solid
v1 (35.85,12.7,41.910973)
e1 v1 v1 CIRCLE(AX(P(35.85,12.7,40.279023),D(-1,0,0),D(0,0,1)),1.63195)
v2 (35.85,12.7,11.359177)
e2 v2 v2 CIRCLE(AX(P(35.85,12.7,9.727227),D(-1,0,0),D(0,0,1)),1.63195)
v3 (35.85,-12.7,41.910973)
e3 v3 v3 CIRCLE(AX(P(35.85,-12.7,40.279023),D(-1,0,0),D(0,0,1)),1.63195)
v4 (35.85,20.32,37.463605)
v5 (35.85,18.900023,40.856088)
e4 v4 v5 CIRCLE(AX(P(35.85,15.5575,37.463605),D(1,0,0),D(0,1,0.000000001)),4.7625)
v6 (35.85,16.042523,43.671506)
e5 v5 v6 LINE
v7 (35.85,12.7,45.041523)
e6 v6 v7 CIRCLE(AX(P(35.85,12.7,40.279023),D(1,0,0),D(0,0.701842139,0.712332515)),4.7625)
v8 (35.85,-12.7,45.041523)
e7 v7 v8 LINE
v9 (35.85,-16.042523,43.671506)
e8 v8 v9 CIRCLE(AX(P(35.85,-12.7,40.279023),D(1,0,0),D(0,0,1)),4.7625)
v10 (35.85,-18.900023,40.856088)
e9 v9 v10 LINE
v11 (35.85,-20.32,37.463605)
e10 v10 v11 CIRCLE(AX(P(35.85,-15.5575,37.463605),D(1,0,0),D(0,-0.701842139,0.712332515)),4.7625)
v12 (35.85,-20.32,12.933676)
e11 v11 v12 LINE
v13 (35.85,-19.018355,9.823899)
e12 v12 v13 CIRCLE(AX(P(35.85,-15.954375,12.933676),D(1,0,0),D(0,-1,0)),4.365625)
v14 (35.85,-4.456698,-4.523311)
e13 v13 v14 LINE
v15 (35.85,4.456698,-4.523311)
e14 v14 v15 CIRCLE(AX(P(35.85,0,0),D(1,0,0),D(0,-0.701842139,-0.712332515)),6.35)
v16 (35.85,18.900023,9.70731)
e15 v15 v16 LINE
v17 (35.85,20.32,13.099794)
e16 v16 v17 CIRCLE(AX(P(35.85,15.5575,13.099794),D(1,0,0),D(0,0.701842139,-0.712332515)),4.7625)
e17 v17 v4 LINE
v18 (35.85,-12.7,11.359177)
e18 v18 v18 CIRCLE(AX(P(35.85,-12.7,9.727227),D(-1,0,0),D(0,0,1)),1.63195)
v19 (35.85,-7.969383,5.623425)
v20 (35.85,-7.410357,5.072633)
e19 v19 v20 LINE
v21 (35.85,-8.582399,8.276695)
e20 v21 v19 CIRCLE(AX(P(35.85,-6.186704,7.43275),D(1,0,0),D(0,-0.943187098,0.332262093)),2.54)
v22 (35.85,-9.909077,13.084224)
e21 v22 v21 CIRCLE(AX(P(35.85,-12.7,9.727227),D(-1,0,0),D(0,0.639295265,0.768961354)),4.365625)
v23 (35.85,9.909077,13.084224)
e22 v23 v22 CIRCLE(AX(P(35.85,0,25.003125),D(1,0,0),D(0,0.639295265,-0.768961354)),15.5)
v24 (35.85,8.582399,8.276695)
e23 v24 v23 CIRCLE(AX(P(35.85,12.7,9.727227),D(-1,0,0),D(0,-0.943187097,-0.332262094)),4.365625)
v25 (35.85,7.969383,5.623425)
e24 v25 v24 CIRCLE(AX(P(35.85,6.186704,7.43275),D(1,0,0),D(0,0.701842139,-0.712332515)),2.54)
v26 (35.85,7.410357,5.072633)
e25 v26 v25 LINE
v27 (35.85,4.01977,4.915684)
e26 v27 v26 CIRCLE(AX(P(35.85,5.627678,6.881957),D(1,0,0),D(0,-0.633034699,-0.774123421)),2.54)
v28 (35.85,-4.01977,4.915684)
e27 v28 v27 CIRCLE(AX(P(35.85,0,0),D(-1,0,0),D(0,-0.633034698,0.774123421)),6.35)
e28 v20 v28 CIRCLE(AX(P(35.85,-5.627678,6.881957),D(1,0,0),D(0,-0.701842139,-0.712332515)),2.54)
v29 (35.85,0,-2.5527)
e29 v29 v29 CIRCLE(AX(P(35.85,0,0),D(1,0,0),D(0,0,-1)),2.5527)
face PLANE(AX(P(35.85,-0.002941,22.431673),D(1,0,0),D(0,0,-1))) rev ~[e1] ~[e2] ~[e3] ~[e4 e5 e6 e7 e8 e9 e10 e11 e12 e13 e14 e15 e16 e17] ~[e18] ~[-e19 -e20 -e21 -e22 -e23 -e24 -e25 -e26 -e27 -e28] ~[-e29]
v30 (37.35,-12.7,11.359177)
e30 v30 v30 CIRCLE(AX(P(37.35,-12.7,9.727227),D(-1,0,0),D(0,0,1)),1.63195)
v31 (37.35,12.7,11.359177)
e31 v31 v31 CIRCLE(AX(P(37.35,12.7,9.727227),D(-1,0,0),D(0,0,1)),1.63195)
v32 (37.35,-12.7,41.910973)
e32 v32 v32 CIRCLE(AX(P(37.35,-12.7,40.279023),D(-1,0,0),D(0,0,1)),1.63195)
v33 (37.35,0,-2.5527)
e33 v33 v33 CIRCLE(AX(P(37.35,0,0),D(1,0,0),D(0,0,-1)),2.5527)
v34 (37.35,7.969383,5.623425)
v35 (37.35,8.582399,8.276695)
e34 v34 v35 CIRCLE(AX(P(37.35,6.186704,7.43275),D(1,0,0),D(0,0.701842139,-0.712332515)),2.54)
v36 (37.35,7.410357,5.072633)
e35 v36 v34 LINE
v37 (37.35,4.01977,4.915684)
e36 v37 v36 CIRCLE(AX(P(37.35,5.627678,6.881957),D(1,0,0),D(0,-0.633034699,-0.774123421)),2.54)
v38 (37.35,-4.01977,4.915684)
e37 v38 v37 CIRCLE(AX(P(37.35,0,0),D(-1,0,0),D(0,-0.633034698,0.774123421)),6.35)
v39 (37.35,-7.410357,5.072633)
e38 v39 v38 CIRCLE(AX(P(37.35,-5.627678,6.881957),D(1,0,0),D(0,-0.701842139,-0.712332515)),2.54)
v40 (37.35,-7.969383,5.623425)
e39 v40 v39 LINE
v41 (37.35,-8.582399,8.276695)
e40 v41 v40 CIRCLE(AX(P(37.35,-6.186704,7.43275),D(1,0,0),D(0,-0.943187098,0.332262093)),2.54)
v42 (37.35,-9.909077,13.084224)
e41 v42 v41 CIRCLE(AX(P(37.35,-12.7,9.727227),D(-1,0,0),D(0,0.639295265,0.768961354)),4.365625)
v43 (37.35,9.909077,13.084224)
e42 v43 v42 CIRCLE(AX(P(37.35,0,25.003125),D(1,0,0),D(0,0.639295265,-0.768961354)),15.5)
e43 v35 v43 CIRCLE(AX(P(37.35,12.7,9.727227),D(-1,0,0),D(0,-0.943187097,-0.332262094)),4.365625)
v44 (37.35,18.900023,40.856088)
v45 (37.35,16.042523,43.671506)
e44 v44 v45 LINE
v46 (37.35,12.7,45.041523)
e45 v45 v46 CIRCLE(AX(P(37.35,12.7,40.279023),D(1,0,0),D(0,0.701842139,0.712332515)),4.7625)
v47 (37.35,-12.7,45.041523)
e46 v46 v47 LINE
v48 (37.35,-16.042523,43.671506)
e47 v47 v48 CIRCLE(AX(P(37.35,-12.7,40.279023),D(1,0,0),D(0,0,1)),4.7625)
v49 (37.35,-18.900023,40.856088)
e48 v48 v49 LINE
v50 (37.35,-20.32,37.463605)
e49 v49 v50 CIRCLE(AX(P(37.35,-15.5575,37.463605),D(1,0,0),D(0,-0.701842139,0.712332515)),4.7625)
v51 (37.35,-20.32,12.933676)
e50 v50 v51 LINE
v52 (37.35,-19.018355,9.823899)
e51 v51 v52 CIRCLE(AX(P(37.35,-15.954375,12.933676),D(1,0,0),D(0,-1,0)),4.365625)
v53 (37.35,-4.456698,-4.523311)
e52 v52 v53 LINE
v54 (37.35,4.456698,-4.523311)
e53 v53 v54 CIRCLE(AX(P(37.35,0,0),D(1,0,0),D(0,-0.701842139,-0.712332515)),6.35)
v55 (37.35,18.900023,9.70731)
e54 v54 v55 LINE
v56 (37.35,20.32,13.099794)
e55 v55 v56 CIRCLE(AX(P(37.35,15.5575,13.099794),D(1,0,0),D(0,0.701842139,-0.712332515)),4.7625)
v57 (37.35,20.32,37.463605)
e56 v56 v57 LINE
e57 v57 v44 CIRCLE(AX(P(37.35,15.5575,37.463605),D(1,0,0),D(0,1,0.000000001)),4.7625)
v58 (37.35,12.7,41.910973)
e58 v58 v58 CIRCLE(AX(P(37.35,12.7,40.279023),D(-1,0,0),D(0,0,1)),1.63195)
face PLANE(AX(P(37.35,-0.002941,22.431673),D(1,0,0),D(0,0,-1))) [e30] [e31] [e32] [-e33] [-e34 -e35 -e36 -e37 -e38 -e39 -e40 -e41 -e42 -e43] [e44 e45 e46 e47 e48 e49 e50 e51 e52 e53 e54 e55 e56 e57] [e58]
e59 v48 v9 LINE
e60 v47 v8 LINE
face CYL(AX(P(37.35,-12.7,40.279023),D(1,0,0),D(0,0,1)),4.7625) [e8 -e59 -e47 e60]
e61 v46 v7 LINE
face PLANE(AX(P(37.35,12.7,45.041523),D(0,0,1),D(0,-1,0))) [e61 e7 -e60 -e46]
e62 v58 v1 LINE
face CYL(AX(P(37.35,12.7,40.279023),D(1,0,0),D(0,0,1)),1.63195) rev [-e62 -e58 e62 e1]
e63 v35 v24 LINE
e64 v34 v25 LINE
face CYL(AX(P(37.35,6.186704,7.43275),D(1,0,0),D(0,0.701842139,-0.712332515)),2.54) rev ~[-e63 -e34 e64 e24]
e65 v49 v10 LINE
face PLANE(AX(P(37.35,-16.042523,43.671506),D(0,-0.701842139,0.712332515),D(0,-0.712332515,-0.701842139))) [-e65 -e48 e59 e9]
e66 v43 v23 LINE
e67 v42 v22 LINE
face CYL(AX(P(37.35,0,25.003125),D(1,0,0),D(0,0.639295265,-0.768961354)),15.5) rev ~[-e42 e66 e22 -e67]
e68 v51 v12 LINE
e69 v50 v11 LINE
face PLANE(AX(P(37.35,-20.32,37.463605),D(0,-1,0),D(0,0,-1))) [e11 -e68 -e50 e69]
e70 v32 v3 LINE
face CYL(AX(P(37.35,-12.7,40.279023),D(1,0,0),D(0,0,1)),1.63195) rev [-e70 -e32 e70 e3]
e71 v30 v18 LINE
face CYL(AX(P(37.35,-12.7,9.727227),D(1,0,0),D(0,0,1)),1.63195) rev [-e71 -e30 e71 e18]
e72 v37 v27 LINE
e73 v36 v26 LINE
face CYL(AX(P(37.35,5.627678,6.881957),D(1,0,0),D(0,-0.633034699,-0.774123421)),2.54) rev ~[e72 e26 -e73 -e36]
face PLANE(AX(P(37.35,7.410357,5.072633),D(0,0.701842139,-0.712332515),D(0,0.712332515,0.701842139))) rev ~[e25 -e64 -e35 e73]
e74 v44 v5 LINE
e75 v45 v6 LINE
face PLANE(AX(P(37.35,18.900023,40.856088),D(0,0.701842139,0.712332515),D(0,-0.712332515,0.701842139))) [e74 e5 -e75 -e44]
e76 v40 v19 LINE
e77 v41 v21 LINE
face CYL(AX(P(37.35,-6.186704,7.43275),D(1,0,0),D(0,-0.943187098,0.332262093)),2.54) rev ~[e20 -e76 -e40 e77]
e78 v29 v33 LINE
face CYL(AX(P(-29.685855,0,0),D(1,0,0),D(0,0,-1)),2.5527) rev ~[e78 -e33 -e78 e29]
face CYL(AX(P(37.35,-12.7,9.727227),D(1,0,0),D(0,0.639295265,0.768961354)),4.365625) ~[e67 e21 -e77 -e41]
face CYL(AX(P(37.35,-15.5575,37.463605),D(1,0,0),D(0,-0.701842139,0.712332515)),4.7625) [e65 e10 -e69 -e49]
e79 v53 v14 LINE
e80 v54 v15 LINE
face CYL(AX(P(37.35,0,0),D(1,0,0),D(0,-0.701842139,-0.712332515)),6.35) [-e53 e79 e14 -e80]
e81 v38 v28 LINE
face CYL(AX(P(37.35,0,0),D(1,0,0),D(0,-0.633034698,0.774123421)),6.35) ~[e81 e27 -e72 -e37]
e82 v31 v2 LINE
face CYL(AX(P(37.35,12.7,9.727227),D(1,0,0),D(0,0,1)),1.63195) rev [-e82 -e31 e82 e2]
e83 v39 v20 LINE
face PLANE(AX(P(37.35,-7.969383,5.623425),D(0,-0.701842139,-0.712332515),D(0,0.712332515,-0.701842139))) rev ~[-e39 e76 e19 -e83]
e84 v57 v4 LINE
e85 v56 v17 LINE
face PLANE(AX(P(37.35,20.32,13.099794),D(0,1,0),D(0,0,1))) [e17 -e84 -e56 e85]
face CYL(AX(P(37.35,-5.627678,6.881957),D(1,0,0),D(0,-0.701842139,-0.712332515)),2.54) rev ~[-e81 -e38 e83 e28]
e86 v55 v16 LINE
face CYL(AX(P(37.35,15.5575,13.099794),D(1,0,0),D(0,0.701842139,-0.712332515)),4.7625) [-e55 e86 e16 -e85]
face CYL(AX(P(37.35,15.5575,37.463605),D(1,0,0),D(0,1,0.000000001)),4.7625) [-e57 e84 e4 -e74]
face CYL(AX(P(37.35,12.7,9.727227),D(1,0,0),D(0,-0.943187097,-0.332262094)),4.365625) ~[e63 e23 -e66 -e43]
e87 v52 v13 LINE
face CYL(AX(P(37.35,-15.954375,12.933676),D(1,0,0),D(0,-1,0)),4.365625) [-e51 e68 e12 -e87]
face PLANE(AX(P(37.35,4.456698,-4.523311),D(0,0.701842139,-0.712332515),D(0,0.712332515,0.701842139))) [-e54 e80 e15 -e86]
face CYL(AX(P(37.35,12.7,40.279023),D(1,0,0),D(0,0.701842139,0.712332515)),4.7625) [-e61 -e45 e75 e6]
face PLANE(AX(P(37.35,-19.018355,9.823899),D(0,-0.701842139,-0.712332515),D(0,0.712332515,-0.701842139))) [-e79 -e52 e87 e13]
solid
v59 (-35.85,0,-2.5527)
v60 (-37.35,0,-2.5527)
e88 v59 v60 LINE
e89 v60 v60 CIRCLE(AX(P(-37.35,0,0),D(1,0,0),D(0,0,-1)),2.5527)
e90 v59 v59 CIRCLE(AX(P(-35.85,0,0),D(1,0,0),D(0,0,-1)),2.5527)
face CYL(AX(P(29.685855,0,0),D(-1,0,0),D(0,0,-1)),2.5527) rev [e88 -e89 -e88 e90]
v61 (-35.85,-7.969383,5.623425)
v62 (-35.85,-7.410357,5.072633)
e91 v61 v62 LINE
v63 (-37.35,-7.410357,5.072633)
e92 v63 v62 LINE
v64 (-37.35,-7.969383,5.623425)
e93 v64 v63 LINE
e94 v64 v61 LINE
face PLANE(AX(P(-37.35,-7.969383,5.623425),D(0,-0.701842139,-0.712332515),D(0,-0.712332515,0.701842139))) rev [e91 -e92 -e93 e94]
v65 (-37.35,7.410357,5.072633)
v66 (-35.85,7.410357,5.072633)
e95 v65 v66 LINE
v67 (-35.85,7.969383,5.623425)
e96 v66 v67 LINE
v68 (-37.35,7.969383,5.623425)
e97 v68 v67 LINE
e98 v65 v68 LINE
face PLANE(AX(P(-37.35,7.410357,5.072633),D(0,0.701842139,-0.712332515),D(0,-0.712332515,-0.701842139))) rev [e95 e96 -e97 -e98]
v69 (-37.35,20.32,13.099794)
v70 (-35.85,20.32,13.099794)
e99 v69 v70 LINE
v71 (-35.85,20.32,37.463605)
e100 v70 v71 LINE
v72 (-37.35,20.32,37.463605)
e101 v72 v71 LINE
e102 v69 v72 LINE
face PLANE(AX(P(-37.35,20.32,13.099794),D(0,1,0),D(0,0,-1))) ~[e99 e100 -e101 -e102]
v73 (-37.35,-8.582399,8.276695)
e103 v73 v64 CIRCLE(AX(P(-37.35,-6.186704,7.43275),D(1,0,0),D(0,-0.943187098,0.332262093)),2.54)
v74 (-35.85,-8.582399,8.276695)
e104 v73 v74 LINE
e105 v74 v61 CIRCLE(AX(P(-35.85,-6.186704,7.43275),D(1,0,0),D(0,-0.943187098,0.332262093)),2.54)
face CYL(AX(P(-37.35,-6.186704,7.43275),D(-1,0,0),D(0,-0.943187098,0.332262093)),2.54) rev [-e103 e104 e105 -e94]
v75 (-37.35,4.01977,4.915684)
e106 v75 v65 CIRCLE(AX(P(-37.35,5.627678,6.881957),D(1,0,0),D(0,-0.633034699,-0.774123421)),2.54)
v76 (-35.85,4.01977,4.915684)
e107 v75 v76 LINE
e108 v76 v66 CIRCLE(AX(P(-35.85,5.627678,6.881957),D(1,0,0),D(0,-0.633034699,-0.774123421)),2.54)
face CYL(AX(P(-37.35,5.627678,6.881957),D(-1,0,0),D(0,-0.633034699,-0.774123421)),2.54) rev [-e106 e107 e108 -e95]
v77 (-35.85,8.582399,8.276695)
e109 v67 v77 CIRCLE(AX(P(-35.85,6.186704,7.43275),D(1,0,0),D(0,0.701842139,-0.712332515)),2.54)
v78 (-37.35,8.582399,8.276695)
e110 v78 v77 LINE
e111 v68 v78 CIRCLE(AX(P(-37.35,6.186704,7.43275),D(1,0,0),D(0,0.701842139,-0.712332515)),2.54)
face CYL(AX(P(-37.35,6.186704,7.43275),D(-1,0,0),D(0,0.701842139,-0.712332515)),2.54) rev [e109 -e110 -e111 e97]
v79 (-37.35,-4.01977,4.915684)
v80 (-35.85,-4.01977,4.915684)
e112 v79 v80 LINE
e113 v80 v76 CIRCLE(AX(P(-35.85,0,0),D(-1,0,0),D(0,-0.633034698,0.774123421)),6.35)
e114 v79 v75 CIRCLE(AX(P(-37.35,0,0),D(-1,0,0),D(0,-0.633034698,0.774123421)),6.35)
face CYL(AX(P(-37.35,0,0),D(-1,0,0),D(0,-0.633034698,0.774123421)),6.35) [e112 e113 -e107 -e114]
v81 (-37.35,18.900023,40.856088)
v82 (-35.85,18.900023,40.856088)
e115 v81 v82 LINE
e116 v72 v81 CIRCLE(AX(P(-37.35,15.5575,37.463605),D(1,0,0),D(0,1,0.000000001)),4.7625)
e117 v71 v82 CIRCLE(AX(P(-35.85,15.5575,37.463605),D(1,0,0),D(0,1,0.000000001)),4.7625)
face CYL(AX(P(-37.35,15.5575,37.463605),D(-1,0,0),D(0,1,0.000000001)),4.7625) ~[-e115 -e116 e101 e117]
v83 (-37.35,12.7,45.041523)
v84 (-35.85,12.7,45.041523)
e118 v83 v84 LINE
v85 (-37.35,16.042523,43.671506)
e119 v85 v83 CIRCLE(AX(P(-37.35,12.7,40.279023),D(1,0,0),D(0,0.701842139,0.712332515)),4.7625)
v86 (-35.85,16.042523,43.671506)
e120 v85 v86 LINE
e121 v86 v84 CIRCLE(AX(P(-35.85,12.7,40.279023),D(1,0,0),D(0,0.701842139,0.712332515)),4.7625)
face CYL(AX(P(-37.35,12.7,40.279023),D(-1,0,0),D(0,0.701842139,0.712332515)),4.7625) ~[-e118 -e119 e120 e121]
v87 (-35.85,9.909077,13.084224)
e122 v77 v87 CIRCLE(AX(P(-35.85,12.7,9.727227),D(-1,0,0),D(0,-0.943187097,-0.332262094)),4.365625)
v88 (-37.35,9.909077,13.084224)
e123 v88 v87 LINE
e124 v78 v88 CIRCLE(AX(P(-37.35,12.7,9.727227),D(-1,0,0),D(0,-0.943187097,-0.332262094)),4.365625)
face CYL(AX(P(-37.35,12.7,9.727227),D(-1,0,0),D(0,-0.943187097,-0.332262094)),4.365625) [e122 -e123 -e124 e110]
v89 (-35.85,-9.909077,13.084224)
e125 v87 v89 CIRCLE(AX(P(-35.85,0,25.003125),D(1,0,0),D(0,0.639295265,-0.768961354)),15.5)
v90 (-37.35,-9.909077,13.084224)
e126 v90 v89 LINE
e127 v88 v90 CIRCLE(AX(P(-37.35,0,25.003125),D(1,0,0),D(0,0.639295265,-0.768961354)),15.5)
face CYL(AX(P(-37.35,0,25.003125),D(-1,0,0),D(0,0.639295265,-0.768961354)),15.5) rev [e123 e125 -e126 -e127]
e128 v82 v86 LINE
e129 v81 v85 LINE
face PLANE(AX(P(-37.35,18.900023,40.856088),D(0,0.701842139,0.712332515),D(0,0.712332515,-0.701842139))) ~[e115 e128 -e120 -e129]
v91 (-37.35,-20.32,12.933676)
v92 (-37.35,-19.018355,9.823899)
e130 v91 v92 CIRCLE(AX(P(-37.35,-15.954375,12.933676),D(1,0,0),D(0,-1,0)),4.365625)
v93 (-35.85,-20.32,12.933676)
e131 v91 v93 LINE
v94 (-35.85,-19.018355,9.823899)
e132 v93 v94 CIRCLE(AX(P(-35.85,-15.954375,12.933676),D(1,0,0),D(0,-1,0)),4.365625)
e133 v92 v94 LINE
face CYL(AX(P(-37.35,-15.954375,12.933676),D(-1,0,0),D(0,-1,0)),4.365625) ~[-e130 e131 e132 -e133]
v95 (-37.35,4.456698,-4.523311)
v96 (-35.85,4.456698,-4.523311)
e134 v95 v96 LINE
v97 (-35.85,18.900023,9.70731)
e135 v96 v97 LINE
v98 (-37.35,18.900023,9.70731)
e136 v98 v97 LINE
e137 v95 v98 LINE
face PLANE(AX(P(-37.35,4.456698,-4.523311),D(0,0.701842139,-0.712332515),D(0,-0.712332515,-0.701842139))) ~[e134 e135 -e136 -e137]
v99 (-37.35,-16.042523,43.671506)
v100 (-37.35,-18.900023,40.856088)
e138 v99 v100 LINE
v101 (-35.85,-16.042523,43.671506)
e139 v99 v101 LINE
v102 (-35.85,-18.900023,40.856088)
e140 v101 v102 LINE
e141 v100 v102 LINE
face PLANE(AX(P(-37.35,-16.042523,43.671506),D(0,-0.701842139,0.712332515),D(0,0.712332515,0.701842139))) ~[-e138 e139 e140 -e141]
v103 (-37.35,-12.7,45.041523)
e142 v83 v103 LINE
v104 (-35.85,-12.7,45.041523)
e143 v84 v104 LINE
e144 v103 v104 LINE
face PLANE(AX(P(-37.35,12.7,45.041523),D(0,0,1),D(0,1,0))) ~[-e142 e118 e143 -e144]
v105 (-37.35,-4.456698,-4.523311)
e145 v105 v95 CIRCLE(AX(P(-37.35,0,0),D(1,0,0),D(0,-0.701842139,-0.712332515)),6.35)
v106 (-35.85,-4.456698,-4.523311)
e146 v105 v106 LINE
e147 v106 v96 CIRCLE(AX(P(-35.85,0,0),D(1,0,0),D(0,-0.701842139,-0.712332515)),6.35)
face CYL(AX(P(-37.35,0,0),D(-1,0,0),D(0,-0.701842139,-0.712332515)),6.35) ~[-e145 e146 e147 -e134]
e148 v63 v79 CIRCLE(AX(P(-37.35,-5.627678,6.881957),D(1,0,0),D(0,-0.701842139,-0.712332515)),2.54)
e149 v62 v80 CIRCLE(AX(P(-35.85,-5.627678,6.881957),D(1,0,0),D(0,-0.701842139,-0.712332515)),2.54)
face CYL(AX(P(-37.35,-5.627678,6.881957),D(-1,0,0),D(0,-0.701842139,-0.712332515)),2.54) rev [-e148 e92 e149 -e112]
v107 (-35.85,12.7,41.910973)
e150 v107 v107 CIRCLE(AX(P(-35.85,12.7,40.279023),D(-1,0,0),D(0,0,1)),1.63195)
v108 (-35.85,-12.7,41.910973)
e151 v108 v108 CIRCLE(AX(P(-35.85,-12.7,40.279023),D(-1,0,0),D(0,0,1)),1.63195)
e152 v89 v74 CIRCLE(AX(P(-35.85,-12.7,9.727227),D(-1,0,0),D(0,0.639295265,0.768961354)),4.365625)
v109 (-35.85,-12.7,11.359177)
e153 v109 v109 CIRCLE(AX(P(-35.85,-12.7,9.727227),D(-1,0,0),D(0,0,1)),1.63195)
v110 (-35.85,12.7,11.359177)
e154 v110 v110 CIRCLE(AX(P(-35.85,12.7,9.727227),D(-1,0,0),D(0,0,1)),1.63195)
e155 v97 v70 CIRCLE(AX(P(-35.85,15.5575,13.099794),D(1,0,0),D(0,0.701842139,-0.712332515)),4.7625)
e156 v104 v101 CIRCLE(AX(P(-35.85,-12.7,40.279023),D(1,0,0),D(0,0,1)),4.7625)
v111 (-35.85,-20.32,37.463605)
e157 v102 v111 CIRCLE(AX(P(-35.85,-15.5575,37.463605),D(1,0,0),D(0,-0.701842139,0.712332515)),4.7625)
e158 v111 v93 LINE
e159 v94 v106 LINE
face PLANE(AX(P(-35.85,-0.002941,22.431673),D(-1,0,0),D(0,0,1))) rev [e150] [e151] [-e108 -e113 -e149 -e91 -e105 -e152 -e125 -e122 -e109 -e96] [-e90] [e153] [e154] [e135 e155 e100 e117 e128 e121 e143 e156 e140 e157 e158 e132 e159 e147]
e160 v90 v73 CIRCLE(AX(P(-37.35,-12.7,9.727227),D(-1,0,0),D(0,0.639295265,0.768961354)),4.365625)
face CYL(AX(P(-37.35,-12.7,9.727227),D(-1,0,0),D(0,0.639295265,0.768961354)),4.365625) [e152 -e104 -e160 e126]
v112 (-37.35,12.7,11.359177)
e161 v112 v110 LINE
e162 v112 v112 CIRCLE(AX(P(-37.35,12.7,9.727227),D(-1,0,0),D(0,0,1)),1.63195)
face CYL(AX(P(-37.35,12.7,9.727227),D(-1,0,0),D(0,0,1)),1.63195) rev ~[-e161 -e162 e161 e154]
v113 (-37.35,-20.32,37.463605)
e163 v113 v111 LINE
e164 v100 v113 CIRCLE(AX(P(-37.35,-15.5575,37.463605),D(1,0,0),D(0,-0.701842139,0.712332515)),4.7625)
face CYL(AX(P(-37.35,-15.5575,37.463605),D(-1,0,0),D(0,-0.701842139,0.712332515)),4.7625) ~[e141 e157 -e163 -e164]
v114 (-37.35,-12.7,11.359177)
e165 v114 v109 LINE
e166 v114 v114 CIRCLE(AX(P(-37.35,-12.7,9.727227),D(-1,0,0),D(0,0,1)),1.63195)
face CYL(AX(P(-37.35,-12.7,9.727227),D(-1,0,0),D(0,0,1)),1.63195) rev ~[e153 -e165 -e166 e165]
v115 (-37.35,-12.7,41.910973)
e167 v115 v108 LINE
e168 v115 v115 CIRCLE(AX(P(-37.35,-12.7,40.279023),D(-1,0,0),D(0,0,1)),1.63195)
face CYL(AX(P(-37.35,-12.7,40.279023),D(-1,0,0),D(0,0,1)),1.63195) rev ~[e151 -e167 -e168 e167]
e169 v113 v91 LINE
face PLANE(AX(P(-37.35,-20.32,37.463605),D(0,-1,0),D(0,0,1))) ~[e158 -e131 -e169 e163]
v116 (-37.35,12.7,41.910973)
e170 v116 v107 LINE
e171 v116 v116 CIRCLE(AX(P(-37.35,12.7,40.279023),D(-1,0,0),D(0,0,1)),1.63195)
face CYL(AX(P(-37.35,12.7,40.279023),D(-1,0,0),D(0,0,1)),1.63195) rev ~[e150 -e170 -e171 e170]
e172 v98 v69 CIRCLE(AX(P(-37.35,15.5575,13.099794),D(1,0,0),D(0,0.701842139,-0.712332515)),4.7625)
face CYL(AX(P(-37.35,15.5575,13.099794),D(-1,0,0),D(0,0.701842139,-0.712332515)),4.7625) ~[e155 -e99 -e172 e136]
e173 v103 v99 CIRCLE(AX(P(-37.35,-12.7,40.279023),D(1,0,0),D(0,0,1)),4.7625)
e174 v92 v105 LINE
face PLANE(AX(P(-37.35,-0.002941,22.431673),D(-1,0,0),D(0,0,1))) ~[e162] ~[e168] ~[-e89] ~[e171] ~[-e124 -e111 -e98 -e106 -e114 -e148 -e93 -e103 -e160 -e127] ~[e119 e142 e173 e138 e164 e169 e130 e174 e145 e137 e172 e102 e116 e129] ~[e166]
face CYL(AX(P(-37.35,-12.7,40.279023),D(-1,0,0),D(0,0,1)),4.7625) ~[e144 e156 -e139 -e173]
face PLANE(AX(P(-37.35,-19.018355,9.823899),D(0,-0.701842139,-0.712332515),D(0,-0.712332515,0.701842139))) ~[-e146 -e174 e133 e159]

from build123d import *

# Parameters (mm, degrees)
SKETCH1_R              = 1.63195
BOSS_EXTRUDE1_DEPTH    = 1.500000048
F_10_CLEARANCE_HOLE1_D = 5.1054


with BuildPart() as part:
    # Sketch1 → Boss-Extrude1 (new body)
    with BuildSketch(Plane.ZY.offset(-37.349999952)):
        with BuildLine():
            Line((-4.523311473, 4.45669758), (9.707310197, 18.900023185))
            ThreePointArc((9.707310197, 18.900023185), (11.26095727, 19.950686367), (13.099793802, 20.32))
            Line((13.099793802, 20.32), (37.463604709, 20.32))
            ThreePointArc((37.463604709, 20.32), (39.30244124, 19.950686367), (40.856088313, 18.900023185))
            Line((40.856088313, 18.900023185), (43.671506489, 16.042523185))
            ThreePointArc((43.671506489, 16.042523185), (44.685728537, 14.50619809), (45.041522884, 12.7))
            Line((45.041522884, 12.7), (45.041522884, -12.7))
            ThreePointArc((45.041522884, -12.7), (44.685728537, -14.50619809), (43.671506489, -16.042523185))
            Line((43.671506489, -16.042523185), (40.856088313, -18.900023185))
            ThreePointArc((40.856088313, -18.900023185), (39.30244124, -19.950686367), (37.463604709, -20.32))
            Line((37.463604709, -20.32), (12.933675594, -20.32))
            ThreePointArc((12.933675594, -20.32), (11.248075439, -19.981462503), (9.823898956, -19.018354586))
            Line((9.823898956, -19.018354586), (-4.523311473, -4.45669758))
            ThreePointArc((-4.523311473, -4.45669758), (-6.35, 0), (-4.523311473, 4.45669758))
        make_face()
        with Locations((9.727227116, 12.7)):
            Circle(SKETCH1_R, mode=Mode.SUBTRACT)
        with Locations((40.279022884, 12.7)):
            Circle(SKETCH1_R, mode=Mode.SUBTRACT)
        with Locations((40.279022884, -12.7)):
            Circle(SKETCH1_R, mode=Mode.SUBTRACT)
        with Locations((9.727227116, -12.7)):
            Circle(SKETCH1_R, mode=Mode.SUBTRACT)
        with BuildLine():
            Line((5.623425104, -7.969382632), (5.072632622, -7.4103575))
            ThreePointArc((5.072632622, -7.4103575), (4.344674108, -5.74512827), (4.915683722, -4.019770335))
            ThreePointArc((4.915683722, -4.019770335), (6.35, 0), (4.915683722, 4.019770335))
            ThreePointArc((4.915683722, 4.019770335), (4.344674108, 5.74512827), (5.072632622, 7.4103575))
            Line((5.072632622, 7.4103575), (5.623425104, 7.969382632))
            ThreePointArc((5.623425104, 7.969382632), (6.86096625, 8.661509389), (8.276695412, 8.582398828))
            ThreePointArc((8.276695412, 8.582398828), (10.888550016, 8.491673639), (13.084224026, 9.909076607))
            ThreePointArc((13.084224026, 9.909076607), (40.503124988, 0), (13.084224026, -9.909076607))
            ThreePointArc((13.084224026, -9.909076607), (10.888550016, -8.491673639), (8.276695412, -8.582398828))
            ThreePointArc((8.276695412, -8.582398828), (6.86096625, -8.661509389), (5.623425104, -7.969382632))
        make_face(mode=Mode.SUBTRACT)
    extrude(amount=BOSS_EXTRUDE1_DEPTH)

    # #10 Clearance Hole1 (through all)
    with Locations(Plane.ZY.offset(-35.849999904)):
        with Locations((0, 0)):
            Hole(F_10_CLEARANCE_HOLE1_D / 2)


with BuildPart() as body_2:
    # Mirror2: mirrored copy
    add(part.part.mirror(Plane(origin=(0, 0, 0), x_dir=(0, 0, 1), z_dir=(1, 0, 0))))


solid = Compound([part.part, body_2.part])
